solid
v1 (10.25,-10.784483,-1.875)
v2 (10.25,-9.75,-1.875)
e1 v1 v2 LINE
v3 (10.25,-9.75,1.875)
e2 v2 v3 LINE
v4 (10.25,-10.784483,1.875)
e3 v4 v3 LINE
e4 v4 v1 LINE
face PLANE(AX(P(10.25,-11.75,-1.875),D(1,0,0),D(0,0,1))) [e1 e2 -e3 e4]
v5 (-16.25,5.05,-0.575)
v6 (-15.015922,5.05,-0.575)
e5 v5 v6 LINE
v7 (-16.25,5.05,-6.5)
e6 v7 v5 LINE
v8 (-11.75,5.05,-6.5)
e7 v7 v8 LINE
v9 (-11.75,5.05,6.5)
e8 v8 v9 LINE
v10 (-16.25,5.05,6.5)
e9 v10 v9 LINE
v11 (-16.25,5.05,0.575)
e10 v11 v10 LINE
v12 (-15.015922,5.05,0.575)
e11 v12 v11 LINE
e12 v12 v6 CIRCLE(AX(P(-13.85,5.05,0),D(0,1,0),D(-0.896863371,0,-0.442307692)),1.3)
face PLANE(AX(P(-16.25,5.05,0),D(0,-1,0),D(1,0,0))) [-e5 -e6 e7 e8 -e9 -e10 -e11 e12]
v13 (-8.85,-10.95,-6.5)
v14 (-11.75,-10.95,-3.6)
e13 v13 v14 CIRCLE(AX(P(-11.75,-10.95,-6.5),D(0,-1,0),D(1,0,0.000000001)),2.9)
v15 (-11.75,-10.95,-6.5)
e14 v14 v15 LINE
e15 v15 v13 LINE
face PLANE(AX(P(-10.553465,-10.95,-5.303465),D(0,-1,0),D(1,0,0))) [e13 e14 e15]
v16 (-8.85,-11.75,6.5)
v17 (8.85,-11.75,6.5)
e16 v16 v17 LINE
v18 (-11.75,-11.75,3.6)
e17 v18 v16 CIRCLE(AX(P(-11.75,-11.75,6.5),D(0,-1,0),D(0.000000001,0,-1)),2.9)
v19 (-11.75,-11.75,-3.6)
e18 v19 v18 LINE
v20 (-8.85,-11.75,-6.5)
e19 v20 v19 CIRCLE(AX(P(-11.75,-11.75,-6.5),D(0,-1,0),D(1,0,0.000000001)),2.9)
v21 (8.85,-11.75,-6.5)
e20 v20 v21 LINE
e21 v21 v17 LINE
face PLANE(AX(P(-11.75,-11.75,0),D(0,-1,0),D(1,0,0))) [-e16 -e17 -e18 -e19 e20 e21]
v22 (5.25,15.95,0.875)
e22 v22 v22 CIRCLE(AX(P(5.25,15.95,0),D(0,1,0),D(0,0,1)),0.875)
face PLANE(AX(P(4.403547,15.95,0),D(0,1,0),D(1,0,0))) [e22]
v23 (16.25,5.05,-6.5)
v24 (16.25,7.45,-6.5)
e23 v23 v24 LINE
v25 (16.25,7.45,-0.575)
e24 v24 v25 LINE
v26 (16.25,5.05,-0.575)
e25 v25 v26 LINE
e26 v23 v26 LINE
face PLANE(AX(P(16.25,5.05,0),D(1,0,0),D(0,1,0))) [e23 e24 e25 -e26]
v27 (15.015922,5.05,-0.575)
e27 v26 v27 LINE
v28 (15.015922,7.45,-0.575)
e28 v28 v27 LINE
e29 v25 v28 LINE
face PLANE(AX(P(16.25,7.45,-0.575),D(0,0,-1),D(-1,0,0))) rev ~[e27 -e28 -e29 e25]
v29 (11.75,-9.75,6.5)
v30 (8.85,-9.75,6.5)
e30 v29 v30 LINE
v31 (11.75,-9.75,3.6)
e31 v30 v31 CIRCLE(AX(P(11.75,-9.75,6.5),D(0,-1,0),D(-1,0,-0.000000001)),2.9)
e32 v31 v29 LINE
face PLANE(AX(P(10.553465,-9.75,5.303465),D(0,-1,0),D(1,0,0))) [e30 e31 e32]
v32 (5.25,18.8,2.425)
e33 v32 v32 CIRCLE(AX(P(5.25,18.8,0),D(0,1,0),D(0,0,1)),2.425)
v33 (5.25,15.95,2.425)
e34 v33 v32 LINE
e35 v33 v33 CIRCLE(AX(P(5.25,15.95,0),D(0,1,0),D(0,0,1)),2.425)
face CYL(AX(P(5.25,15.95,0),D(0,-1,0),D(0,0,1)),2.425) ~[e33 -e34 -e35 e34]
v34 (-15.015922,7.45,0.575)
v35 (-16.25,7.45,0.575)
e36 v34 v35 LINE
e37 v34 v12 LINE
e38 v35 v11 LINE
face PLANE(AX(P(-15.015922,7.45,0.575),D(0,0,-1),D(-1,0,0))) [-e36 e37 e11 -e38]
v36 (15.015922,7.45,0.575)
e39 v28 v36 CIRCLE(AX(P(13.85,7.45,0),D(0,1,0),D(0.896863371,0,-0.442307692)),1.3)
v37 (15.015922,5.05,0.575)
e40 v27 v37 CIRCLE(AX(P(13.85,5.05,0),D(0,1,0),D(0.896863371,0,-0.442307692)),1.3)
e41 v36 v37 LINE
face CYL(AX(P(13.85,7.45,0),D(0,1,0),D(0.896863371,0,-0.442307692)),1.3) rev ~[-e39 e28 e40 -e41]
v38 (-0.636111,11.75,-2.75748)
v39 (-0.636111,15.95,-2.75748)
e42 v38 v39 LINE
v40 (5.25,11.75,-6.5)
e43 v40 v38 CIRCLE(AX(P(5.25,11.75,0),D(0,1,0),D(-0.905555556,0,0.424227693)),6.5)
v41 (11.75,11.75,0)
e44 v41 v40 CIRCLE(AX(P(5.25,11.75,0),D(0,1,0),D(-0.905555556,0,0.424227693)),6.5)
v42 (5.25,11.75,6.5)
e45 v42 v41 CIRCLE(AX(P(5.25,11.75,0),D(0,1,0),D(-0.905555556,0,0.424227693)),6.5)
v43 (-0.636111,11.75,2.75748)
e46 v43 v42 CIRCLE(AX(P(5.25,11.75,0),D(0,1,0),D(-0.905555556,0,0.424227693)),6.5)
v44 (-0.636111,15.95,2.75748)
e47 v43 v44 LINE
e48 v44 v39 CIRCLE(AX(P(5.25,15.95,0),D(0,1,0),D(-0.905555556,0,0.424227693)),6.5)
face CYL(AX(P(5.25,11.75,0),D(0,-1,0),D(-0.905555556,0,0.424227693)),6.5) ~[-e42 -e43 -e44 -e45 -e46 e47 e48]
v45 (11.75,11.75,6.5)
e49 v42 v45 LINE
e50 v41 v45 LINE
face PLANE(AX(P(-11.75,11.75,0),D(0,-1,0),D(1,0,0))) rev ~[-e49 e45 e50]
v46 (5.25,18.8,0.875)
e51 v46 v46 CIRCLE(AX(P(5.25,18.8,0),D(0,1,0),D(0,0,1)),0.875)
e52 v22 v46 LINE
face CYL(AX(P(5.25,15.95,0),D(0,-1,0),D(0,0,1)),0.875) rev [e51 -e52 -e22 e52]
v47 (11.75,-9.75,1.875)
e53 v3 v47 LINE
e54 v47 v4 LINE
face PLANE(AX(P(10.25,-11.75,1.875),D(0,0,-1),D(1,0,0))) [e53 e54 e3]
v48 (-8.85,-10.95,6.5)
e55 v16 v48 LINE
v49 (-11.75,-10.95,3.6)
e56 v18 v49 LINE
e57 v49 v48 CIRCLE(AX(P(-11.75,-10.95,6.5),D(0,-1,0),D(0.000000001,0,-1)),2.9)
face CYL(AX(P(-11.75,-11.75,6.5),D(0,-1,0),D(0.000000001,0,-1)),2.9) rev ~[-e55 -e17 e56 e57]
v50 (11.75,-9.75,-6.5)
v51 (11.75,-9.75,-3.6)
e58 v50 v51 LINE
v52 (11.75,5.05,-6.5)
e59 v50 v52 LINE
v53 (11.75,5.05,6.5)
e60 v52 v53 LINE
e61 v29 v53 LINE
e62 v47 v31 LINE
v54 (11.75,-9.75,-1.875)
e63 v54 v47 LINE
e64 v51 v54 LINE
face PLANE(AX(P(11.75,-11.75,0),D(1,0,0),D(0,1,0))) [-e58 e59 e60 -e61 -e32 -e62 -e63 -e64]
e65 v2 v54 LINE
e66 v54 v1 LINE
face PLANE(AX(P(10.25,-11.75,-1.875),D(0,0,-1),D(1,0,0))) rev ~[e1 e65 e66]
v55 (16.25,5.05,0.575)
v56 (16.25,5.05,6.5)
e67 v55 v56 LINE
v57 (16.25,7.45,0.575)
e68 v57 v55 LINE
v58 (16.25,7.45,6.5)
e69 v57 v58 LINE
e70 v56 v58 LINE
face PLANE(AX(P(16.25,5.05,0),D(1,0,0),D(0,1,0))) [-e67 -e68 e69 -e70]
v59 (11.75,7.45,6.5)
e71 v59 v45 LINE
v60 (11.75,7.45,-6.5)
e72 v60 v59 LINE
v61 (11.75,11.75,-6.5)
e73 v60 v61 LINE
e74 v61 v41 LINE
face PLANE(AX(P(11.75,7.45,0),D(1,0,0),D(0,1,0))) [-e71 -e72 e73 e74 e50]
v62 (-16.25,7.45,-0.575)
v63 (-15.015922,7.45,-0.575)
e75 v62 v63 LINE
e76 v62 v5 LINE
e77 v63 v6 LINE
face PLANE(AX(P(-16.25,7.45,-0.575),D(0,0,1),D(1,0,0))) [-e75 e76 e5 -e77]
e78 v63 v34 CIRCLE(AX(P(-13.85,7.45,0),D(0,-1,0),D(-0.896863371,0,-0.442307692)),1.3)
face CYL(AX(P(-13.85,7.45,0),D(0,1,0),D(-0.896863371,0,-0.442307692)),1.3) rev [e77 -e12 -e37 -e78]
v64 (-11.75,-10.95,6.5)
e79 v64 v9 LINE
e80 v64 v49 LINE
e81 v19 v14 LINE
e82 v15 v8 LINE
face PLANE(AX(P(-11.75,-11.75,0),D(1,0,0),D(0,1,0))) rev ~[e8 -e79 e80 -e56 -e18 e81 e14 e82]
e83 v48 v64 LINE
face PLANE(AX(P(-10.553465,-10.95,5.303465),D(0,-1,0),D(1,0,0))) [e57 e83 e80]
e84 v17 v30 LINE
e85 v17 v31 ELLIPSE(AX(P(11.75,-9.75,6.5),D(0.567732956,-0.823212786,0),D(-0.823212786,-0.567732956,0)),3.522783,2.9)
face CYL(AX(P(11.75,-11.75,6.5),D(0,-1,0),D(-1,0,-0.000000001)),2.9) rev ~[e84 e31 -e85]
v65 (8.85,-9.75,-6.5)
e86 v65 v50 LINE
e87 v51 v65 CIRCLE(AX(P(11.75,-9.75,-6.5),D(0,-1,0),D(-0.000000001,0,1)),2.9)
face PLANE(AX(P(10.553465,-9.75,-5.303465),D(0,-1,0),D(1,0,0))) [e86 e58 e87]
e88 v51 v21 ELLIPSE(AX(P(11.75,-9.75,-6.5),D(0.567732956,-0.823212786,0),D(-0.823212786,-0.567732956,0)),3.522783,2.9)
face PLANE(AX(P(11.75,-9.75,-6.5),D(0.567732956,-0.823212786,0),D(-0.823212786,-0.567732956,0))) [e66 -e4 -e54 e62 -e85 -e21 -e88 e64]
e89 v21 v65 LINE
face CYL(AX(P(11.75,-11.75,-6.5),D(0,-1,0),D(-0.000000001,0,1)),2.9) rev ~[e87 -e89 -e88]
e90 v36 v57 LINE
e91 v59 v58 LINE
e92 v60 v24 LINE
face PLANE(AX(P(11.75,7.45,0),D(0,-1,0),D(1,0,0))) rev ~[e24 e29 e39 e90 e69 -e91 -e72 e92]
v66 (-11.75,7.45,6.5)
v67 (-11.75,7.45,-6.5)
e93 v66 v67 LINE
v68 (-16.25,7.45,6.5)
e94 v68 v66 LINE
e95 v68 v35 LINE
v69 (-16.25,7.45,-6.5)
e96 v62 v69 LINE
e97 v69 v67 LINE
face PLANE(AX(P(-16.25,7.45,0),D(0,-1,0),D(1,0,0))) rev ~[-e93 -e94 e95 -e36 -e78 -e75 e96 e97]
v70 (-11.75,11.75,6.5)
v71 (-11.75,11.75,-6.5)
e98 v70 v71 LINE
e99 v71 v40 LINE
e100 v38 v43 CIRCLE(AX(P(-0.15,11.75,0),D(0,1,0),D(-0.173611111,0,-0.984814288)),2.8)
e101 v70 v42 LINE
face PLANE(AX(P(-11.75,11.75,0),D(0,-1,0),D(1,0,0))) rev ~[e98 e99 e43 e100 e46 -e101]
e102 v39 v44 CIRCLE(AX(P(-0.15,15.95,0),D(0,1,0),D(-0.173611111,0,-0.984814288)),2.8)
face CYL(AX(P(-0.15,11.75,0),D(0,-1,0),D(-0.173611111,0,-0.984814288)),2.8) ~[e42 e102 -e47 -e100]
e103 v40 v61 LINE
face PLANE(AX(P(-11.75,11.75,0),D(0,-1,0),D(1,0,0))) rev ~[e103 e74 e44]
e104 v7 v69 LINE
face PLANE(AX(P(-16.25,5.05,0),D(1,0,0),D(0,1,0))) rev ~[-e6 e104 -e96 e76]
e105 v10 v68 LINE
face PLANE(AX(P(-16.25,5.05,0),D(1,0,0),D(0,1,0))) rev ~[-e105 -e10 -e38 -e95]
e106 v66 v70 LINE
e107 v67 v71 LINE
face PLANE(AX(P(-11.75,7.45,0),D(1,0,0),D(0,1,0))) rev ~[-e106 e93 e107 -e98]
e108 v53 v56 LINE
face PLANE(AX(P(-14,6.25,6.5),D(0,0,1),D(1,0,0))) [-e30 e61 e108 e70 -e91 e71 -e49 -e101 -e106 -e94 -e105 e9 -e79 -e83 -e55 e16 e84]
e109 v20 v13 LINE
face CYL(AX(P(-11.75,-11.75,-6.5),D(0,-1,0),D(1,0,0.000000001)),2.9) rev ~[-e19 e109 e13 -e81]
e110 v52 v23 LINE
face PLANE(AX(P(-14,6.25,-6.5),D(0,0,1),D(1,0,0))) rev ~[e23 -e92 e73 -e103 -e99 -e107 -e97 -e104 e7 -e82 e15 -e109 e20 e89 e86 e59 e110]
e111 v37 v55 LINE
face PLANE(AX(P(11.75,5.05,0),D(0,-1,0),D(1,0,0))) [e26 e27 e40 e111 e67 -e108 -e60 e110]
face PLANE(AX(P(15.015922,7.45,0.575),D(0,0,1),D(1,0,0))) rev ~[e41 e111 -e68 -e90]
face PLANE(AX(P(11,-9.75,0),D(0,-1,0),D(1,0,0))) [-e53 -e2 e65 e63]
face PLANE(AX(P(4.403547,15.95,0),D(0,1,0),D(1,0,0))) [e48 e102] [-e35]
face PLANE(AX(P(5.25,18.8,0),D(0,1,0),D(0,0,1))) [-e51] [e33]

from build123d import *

# Parameters (mm, degrees)
SALIENTE_EXTRUIR1_DEPTH = 6.5
SALIENTE_EXTRUIR2_DEPTH = 4.2
CORTAR_EXTRUIR1_REACH   = 27.98
CORTAR_EXTRUIR3_DEPTH   = 0.8
CROQUIS4_5_W            = 1.5
CROQUIS4_5_H            = 3.75
CORTAR_EXTRUIR4_DEPTH   = 2
CORTAR_EXTRUIR5_DEPTH   = 27.219553772
CROQUIS7_R              = 2.425
CROQUIS7_R_2            = 0.875
SALIENTE_EXTRUIR4_DEPTH = 2.85


with BuildPart() as part:
    # Croquis1 → Saliente-Extruir1 (new, symmetric)
    with BuildSketch(Plane.XY):
        Polygon((-11.75, 5.05), (-11.75, -11.75), (11.75, -11.75), (11.75, 5.05), (16.25, 5.05), (16.25, 7.45), (11.75, 7.45), (11.75, 11.75), (-11.75, 11.75), (-11.75, 7.45), (-16.25, 7.45), (-16.25, 5.05), align=None)
    extrude(amount=SALIENTE_EXTRUIR1_DEPTH, both=True)

    # Croquis2 → Saliente-Extruir2 (add)
    with BuildSketch(Plane(origin=(0, 11.75, 0), x_dir=(1, 0, 0), z_dir=(0, 1, 0))):
        with BuildLine():
            ThreePointArc((-0.636111111, -2.757480007), (11.75, 0), (-0.636111111, 2.757480007))
            ThreePointArc((-0.636111111, 2.757480007), (-2.95, 0), (-0.636111111, -2.757480007))
        make_face()
    extrude(amount=SALIENTE_EXTRUIR2_DEPTH)

    # Croquis3 → Cortar-Extruir1 (cut, up to next)
    with BuildSketch(Plane(origin=(0, 7.45, 0), x_dir=(1, 0, 0), z_dir=(0, 1, 0)), mode=Mode.PRIVATE) as cortar_extruir1_sk1:
        with BuildLine():
            Line((16.25, 0.575), (15.015922382, 0.575))
            ThreePointArc((15.015922382, 0.575), (12.55, 0), (15.015922382, -0.575))
            Line((15.015922382, -0.575), (16.25, -0.575))
            Line((16.25, -0.575), (16.25, 0.575))
        make_face()
    cortar_extruir1_tool1 = extrude(cortar_extruir1_sk1.sketch, amount=-CORTAR_EXTRUIR1_REACH, mode=Mode.PRIVATE) & part.part
    # Croquis3 → Cortar-Extruir1 (cut, up to next)
    with BuildSketch(Plane(origin=(0, 7.45, 0), x_dir=(1, 0, 0), z_dir=(0, 1, 0)), mode=Mode.PRIVATE) as cortar_extruir1_sk2:
        with BuildLine():
            Line((-16.25, 0.575), (-15.015922382, 0.575))
            ThreePointArc((-15.015922382, 0.575), (-12.55, 0), (-15.015922382, -0.575))
            Line((-15.015922382, -0.575), (-16.25, -0.575))
            Line((-16.25, -0.575), (-16.25, 0.575))
        make_face()
    cortar_extruir1_tool2 = extrude(cortar_extruir1_sk2.sketch, amount=-CORTAR_EXTRUIR1_REACH, mode=Mode.PRIVATE) & part.part
    add(cortar_extruir1_tool1.solids().sort_by_distance((14.212834, 7.45, 0))[0], mode=Mode.SUBTRACT)
    add(cortar_extruir1_tool2.solids().sort_by_distance((-14.212834, 7.45, 0))[0], mode=Mode.SUBTRACT)

    # Croquis4 → Cortar-Extruir3 (cut)
    with BuildSketch(Plane.XZ.offset(11.75)):
        with BuildLine():
            Line((-11.75, 6.5), (-11.75, 3.6))
            ThreePointArc((-11.75, 3.6), (-9.699390335, 4.449390335), (-8.85, 6.5))
            Line((-8.85, 6.5), (-11.75, 6.5))
        make_face()
        with BuildLine():
            ThreePointArc((-8.85, -6.5), (-9.699390335, -4.449390335), (-11.75, -3.6))
            Line((-11.75, -3.6), (-11.75, -6.5))
            Line((-11.75, -6.5), (-8.85, -6.5))
        make_face()
    extrude(amount=-CORTAR_EXTRUIR3_DEPTH, mode=Mode.SUBTRACT)

    # Croquis4<5> → Cortar-Extruir4 (cut)
    with BuildSketch(Plane.XZ.offset(11.75)):
        with BuildLine():
            Line((11.75, 6.5), (8.85, 6.5))
            ThreePointArc((8.85, 6.5), (9.699390335, 4.449390335), (11.75, 3.6))
            Line((11.75, 3.6), (11.75, 6.5))
        make_face()
        with BuildLine():
            ThreePointArc((11.75, -3.6), (9.699390335, -4.449390335), (8.85, -6.5))
            Line((8.85, -6.5), (11.75, -6.5))
            Line((11.75, -6.5), (11.75, -3.6))
        make_face()
        with Locations((11, 0)):
            Rectangle(CROQUIS4_5_W, CROQUIS4_5_H)
    extrude(amount=-CORTAR_EXTRUIR4_DEPTH, mode=Mode.SUBTRACT)

    # Croquis6 → Cortar-Extruir5 (cut, through all)
    with BuildSketch(Plane(origin=(0, 0, -6.5), x_dir=(-1, 0, 0), z_dir=(0, 0, -1))):
        Polygon((-11.75, -9.75), (-8.85, -11.75), (-11.75, -11.75), align=None)
    extrude(amount=-CORTAR_EXTRUIR5_DEPTH, mode=Mode.SUBTRACT)

    # Croquis7 → Saliente-Extruir4 (add)
    with BuildSketch(Plane(origin=(0, 15.95, 0), x_dir=(1, 0, 0), z_dir=(0, 1, 0))):
        with Locations((5.25, 0)):
            Circle(CROQUIS7_R)
        with Locations((5.25, 0)):
            Circle(CROQUIS7_R_2, mode=Mode.SUBTRACT)
    extrude(amount=SALIENTE_EXTRUIR4_DEPTH)


solid = part.part
